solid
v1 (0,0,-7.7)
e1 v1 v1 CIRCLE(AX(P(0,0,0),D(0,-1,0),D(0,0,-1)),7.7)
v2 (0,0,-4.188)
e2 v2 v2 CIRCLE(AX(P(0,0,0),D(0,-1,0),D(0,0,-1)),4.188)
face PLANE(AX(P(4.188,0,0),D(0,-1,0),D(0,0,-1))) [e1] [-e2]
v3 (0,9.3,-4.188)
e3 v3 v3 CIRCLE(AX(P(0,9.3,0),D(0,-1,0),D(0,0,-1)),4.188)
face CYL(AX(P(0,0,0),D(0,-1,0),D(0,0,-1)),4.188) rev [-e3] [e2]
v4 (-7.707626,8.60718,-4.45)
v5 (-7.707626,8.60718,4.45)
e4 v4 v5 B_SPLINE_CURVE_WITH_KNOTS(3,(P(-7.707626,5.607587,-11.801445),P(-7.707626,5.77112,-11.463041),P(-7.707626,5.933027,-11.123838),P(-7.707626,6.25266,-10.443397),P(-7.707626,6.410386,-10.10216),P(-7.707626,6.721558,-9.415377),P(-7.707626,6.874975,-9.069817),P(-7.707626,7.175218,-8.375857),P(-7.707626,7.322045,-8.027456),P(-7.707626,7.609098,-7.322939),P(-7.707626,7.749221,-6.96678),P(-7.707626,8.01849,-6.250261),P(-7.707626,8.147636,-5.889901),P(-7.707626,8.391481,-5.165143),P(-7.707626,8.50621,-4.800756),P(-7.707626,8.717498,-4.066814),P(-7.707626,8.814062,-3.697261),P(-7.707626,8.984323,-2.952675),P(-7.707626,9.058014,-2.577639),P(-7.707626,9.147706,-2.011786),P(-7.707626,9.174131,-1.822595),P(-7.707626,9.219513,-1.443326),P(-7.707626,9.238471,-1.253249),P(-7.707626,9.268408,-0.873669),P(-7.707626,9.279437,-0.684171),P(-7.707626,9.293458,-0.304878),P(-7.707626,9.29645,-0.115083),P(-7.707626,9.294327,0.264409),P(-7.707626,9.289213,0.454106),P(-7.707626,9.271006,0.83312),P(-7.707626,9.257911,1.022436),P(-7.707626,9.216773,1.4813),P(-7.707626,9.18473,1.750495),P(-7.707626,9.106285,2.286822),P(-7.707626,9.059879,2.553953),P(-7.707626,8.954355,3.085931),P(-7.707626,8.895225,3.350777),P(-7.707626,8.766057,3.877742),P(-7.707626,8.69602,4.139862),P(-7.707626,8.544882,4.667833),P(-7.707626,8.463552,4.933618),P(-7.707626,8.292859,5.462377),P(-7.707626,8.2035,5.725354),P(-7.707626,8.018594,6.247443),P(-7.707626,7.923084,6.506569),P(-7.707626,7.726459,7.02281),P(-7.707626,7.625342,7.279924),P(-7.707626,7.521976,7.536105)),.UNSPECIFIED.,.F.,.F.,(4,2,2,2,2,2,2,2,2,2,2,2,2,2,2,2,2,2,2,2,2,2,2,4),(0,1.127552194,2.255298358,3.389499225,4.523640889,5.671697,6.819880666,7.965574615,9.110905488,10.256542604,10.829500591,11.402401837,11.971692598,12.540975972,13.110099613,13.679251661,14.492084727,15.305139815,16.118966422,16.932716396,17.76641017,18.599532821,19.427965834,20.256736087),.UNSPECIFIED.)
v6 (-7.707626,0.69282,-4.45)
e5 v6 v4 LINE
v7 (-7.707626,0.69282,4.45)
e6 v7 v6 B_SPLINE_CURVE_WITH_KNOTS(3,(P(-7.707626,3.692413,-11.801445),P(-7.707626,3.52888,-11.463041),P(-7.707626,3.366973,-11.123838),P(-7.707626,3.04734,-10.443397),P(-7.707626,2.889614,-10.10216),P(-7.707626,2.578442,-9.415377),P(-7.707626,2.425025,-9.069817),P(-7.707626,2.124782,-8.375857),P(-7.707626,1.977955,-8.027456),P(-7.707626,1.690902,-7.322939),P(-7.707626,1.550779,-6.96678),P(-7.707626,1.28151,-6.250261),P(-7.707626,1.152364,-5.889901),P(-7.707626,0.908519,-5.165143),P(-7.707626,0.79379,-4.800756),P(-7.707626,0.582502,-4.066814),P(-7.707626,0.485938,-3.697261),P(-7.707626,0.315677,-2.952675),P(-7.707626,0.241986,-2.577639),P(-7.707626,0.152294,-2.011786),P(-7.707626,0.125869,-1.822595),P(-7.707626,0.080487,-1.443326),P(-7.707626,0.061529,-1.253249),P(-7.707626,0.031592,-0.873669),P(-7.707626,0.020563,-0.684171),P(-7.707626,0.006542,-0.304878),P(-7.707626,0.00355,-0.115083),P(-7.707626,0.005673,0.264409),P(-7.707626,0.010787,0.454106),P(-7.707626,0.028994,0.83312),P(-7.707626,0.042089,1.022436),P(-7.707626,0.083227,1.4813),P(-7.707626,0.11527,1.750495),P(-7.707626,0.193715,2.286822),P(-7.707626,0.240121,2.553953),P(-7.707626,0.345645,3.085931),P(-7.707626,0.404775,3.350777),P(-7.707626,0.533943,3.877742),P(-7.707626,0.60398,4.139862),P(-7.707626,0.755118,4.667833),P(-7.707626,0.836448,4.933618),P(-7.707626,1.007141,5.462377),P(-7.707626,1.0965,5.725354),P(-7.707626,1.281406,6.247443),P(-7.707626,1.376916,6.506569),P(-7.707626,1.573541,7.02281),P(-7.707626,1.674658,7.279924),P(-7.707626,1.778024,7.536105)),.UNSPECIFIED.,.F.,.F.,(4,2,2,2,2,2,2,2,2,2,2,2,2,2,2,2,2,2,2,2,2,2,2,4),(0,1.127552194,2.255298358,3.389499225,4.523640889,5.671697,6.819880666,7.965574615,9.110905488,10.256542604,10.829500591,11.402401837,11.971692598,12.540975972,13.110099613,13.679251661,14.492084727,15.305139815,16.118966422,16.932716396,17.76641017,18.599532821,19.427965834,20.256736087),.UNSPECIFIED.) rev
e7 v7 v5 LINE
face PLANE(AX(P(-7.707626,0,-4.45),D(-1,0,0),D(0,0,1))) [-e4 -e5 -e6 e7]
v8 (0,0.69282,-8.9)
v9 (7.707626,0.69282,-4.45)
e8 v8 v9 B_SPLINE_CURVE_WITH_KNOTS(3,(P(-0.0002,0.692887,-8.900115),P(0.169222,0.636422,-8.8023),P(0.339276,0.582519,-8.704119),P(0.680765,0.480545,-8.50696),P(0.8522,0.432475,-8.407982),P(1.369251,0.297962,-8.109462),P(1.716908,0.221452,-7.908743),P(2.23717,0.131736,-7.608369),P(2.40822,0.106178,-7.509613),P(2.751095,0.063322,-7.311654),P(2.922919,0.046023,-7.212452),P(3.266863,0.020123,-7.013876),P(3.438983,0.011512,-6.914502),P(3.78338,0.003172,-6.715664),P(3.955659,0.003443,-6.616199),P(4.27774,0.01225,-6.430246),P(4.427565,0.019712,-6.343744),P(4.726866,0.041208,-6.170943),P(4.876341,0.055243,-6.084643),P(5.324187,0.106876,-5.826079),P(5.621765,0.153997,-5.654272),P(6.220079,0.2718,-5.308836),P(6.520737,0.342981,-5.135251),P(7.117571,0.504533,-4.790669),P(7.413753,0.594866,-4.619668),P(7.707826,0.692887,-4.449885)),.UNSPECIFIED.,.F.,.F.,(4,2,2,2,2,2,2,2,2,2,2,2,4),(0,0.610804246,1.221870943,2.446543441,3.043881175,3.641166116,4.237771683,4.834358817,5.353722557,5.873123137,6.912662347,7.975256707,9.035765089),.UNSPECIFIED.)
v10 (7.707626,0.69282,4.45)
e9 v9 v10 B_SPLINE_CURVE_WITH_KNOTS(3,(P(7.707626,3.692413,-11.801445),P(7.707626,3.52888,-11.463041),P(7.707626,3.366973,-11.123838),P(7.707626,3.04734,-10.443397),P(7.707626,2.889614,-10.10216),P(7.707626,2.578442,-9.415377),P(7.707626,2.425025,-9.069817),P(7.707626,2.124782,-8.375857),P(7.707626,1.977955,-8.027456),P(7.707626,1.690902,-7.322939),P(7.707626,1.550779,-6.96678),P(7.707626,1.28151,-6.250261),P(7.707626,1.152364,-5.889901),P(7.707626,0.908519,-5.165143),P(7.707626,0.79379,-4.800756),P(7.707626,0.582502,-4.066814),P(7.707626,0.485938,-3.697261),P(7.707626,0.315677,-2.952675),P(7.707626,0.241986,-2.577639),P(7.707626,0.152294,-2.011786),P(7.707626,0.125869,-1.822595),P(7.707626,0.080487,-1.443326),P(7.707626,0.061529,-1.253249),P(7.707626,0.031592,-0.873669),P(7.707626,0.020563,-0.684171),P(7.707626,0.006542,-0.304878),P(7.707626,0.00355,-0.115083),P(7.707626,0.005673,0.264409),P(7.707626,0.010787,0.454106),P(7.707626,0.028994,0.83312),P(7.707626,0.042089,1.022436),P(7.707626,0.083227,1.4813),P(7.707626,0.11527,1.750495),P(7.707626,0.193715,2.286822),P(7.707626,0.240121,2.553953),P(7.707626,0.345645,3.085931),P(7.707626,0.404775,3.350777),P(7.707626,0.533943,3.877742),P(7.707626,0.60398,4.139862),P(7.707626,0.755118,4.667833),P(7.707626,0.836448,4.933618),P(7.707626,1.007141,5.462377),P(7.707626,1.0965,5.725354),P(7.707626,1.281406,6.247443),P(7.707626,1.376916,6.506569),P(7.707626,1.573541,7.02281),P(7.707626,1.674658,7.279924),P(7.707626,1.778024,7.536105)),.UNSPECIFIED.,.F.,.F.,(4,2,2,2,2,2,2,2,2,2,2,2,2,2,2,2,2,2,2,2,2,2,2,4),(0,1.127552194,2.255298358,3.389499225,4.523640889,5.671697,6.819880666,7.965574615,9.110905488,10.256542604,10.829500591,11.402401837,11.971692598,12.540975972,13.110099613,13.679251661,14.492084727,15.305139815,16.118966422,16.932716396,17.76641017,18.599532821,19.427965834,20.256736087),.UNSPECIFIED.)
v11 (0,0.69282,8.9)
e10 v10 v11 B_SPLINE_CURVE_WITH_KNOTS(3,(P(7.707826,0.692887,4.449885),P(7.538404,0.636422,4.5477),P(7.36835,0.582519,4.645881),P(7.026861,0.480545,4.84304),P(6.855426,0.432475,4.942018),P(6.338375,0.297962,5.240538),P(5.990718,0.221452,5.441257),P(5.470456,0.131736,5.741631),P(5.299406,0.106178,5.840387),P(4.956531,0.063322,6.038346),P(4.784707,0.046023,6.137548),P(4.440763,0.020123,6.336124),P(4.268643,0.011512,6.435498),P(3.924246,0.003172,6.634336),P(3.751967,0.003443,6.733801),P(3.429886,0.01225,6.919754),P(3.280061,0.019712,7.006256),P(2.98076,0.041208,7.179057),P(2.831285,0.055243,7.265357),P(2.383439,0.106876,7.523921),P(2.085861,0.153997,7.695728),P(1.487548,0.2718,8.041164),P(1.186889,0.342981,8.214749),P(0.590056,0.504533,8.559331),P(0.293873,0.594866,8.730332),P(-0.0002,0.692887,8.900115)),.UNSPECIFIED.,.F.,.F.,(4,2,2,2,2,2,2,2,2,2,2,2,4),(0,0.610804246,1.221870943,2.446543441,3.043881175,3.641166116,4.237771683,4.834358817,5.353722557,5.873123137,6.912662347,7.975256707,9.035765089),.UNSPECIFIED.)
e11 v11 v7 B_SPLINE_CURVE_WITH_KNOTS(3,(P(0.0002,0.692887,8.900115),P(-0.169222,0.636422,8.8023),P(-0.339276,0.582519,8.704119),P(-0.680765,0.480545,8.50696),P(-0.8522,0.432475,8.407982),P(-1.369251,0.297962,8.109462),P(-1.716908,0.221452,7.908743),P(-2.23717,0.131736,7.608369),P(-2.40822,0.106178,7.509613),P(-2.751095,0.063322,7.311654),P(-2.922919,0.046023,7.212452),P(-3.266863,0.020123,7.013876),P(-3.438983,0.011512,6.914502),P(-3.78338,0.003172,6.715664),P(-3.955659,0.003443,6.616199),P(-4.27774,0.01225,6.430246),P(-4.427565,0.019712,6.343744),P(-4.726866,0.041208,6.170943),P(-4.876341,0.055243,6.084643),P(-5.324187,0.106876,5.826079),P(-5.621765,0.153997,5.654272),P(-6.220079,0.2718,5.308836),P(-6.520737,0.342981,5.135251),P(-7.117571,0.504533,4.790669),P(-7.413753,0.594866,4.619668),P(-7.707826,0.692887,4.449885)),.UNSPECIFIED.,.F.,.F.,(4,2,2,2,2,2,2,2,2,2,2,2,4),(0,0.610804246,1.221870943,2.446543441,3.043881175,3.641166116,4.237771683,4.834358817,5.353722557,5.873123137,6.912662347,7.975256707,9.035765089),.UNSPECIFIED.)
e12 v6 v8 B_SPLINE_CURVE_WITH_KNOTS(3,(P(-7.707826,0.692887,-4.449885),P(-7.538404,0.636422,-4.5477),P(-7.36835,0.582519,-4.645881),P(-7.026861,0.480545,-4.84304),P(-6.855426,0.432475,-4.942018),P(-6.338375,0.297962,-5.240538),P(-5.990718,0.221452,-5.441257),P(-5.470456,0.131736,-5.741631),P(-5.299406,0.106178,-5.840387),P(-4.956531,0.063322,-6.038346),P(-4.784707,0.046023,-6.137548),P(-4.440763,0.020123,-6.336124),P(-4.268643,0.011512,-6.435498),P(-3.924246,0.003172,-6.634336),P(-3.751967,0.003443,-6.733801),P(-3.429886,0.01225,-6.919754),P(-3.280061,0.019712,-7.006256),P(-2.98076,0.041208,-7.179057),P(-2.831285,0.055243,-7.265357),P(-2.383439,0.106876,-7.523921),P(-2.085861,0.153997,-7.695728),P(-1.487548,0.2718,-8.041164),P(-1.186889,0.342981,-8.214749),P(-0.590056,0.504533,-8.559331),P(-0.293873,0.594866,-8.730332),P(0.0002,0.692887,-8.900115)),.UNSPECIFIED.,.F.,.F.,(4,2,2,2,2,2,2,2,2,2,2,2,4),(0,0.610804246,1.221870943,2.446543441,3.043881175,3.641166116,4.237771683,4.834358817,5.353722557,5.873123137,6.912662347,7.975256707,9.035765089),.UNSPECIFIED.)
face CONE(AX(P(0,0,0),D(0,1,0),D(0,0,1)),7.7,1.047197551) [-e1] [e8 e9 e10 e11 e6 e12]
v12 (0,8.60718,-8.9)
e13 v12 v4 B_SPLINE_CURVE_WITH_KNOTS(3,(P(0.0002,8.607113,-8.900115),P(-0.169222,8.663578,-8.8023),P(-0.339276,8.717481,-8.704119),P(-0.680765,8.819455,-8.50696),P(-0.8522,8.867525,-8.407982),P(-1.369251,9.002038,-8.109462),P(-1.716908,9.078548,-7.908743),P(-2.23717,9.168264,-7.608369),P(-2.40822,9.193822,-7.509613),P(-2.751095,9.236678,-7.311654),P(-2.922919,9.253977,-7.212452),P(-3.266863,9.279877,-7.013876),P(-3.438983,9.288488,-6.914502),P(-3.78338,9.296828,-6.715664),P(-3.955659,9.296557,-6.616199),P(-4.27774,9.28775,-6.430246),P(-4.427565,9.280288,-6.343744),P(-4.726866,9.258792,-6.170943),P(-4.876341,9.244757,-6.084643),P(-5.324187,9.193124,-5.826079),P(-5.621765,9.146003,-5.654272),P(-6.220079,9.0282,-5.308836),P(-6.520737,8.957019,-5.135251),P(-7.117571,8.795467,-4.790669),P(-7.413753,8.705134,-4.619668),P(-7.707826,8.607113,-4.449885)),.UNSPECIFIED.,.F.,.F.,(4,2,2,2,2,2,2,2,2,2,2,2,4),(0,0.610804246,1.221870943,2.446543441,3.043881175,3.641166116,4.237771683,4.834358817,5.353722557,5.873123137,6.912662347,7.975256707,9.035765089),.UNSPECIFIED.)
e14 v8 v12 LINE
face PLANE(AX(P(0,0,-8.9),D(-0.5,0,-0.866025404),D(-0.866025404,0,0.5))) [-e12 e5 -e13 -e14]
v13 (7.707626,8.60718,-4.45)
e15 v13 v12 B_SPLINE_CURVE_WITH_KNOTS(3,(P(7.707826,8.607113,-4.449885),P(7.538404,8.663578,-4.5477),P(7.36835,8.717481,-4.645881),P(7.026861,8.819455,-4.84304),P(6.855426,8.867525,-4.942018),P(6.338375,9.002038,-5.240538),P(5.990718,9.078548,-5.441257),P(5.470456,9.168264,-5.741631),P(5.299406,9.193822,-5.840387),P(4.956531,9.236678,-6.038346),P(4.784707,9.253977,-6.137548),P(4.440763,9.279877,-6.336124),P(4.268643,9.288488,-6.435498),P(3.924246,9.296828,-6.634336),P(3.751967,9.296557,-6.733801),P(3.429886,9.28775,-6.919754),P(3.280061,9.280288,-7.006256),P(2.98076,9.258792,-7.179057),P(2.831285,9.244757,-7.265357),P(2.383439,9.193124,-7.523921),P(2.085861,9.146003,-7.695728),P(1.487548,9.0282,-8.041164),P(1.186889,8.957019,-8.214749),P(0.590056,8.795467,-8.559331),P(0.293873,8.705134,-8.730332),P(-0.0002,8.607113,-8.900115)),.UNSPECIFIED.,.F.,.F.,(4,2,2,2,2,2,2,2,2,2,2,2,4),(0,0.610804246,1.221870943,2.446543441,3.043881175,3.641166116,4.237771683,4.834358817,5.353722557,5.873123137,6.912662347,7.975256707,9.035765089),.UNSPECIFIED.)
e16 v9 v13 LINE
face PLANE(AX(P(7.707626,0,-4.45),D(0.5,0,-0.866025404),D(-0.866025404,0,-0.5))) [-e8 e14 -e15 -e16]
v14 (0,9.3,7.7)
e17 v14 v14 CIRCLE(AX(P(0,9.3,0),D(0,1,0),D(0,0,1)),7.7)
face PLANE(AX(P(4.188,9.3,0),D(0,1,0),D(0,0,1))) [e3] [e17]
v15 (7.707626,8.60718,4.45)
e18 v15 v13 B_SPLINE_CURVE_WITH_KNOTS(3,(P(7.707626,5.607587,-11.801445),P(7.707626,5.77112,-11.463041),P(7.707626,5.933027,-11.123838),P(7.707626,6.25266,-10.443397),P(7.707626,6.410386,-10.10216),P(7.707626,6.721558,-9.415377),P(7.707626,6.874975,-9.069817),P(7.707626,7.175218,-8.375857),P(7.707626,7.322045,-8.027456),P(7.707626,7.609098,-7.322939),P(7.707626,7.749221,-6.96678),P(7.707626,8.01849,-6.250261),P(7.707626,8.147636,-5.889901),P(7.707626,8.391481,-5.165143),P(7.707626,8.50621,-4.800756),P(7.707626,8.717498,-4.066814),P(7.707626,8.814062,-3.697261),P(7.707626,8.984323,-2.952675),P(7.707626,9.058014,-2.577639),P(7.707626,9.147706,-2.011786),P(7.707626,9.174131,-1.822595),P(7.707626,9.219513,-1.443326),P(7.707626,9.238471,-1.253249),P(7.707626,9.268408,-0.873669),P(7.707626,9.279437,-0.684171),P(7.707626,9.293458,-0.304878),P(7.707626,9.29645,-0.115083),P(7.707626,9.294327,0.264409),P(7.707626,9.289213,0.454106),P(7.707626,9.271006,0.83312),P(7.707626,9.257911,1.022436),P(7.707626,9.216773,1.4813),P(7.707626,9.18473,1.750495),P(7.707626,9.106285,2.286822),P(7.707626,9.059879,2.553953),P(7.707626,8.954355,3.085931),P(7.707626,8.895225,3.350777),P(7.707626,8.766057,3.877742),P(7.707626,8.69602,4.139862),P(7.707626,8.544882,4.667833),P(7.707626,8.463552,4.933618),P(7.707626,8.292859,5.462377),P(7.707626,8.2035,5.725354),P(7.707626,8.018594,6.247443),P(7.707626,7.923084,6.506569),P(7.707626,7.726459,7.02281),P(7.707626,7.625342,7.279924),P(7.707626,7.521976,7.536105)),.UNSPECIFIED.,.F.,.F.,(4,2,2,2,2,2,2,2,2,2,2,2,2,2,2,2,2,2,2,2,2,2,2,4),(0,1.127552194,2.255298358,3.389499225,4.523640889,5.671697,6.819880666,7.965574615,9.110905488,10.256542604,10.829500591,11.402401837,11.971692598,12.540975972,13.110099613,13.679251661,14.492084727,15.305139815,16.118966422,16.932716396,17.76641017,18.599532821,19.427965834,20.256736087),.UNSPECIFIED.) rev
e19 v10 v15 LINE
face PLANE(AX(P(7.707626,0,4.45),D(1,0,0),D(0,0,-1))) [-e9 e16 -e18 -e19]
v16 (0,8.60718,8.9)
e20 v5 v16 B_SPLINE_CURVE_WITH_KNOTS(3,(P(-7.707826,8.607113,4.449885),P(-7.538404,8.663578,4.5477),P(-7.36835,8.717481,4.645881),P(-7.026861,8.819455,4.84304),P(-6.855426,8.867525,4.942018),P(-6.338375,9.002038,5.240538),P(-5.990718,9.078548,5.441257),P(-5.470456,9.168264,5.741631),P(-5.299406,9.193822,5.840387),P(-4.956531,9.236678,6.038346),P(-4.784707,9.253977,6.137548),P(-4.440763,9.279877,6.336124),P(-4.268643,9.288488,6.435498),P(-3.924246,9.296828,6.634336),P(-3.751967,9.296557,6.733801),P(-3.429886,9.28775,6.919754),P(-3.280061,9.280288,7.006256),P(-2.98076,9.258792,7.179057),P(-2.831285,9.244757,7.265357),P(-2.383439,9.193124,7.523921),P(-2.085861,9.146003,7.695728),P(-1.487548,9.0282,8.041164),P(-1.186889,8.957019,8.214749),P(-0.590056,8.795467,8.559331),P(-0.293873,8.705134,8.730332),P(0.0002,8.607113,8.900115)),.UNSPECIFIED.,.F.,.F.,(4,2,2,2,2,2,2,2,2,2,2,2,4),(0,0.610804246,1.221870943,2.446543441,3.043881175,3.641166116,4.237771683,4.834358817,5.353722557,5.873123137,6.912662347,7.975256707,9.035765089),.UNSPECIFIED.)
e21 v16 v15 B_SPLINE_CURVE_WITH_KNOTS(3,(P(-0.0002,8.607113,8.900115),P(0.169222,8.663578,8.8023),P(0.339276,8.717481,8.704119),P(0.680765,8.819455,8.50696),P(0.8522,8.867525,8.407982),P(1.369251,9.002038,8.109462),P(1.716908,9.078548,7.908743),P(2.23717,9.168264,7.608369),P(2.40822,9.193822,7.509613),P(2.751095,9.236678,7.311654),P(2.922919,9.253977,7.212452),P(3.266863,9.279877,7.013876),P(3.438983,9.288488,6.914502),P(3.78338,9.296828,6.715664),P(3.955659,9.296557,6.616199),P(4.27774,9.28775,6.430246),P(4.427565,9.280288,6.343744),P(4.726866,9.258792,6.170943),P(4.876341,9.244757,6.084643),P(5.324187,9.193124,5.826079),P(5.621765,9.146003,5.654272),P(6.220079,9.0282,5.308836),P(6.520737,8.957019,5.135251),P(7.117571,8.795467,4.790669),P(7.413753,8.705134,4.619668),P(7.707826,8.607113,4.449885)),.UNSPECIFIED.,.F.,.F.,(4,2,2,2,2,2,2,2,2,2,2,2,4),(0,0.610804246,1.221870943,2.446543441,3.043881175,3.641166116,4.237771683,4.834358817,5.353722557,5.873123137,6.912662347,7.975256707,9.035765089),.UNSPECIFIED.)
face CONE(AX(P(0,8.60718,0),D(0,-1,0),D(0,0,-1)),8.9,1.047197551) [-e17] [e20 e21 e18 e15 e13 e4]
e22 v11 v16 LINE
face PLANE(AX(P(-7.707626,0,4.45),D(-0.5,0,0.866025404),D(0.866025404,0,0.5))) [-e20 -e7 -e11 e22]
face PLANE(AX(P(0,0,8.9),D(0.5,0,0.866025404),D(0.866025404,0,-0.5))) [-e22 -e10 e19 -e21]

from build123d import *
from OCP.BRepFilletAPI import BRepFilletAPI_MakeChamfer

# Parameters (mm, degrees)
SZKIC1_W                   = 4.712
SZKIC1_H                   = 9.3
SFAZOWANIE1_SIZE           = 1.2
SFAZOWANIE1_SIZE2          = 0.692820323
SZKIC2_OUTSIDE_W           = 25.168
SZKIC2_OUTSIDE_H           = 25.168
WYTNIJ_WYCI_GNI_CIE1_DEPTH = 16.649600634


with BuildPart() as part:
    # Szkic1 → Obrót1 (revolve)
    with BuildSketch(Plane.XY, mode=Mode.PRIVATE) as obr_t1_sk:
        with Locations((6.544, 4.65)):
            Rectangle(SZKIC1_W, SZKIC1_H)
    revolve(obr_t1_sk.sketch.rotate(Axis((0, 0, 0), (0, 1, 0)), 90), axis=Axis((0, 0, 0), (0, 1, 0)))

    # Sfazowanie1: one chamfer whose edges measure the first distance from different faces: ONE call of the kernel's chamfer builder (chamfer() names one face for all edges)
    sfazowanie1_edges_1 = [part.edges().sort_by_distance(p)[0] for p in [
        (0, 0, 8.9),
    ]]
    sfazowanie1_side_1 = [part.faces().sort_by_distance(p)[0] for p in [
        (0, 0, 4.439730014),
    ]]
    sfazowanie1_edges_2 = [part.edges().sort_by_distance(p)[0] for p in [
        (0, 9.3, 8.9),
    ]]
    sfazowanie1_side_2 = [part.faces().sort_by_distance(p)[0] for p in [
        (0, 9.3, 8.648269986),
    ]]
    sfazowanie1 = BRepFilletAPI_MakeChamfer(part.part.solid().wrapped)
    for e in sfazowanie1_edges_1:
        sfazowanie1.Add(SFAZOWANIE1_SIZE, SFAZOWANIE1_SIZE2, e.wrapped, sfazowanie1_side_1[0].wrapped)  # the first distance lies on this face
    for e in sfazowanie1_edges_2:
        sfazowanie1.Add(SFAZOWANIE1_SIZE, SFAZOWANIE1_SIZE2, e.wrapped, sfazowanie1_side_2[0].wrapped)  # the first distance lies on this face
    add(Compound.cast(sfazowanie1.Shape()), mode=Mode.REPLACE)

    # Szkic2 outside → Wytnij-wyciągnięcie1 (cut, through all)
    with BuildSketch(Plane(origin=(0, 9.3, 0), x_dir=(1, 0, 0), z_dir=(0, 1, 0))):
        Rectangle(SZKIC2_OUTSIDE_W, SZKIC2_OUTSIDE_H)
        Polygon((7.707626094, 4.45), (0, 8.9), (-7.707626094, 4.45), (-7.707626094, -4.45), (0, -8.9), (7.707626094, -4.45), align=None, mode=Mode.SUBTRACT)
    extrude(amount=-WYTNIJ_WYCI_GNI_CIE1_DEPTH, mode=Mode.SUBTRACT)


solid = part.part
